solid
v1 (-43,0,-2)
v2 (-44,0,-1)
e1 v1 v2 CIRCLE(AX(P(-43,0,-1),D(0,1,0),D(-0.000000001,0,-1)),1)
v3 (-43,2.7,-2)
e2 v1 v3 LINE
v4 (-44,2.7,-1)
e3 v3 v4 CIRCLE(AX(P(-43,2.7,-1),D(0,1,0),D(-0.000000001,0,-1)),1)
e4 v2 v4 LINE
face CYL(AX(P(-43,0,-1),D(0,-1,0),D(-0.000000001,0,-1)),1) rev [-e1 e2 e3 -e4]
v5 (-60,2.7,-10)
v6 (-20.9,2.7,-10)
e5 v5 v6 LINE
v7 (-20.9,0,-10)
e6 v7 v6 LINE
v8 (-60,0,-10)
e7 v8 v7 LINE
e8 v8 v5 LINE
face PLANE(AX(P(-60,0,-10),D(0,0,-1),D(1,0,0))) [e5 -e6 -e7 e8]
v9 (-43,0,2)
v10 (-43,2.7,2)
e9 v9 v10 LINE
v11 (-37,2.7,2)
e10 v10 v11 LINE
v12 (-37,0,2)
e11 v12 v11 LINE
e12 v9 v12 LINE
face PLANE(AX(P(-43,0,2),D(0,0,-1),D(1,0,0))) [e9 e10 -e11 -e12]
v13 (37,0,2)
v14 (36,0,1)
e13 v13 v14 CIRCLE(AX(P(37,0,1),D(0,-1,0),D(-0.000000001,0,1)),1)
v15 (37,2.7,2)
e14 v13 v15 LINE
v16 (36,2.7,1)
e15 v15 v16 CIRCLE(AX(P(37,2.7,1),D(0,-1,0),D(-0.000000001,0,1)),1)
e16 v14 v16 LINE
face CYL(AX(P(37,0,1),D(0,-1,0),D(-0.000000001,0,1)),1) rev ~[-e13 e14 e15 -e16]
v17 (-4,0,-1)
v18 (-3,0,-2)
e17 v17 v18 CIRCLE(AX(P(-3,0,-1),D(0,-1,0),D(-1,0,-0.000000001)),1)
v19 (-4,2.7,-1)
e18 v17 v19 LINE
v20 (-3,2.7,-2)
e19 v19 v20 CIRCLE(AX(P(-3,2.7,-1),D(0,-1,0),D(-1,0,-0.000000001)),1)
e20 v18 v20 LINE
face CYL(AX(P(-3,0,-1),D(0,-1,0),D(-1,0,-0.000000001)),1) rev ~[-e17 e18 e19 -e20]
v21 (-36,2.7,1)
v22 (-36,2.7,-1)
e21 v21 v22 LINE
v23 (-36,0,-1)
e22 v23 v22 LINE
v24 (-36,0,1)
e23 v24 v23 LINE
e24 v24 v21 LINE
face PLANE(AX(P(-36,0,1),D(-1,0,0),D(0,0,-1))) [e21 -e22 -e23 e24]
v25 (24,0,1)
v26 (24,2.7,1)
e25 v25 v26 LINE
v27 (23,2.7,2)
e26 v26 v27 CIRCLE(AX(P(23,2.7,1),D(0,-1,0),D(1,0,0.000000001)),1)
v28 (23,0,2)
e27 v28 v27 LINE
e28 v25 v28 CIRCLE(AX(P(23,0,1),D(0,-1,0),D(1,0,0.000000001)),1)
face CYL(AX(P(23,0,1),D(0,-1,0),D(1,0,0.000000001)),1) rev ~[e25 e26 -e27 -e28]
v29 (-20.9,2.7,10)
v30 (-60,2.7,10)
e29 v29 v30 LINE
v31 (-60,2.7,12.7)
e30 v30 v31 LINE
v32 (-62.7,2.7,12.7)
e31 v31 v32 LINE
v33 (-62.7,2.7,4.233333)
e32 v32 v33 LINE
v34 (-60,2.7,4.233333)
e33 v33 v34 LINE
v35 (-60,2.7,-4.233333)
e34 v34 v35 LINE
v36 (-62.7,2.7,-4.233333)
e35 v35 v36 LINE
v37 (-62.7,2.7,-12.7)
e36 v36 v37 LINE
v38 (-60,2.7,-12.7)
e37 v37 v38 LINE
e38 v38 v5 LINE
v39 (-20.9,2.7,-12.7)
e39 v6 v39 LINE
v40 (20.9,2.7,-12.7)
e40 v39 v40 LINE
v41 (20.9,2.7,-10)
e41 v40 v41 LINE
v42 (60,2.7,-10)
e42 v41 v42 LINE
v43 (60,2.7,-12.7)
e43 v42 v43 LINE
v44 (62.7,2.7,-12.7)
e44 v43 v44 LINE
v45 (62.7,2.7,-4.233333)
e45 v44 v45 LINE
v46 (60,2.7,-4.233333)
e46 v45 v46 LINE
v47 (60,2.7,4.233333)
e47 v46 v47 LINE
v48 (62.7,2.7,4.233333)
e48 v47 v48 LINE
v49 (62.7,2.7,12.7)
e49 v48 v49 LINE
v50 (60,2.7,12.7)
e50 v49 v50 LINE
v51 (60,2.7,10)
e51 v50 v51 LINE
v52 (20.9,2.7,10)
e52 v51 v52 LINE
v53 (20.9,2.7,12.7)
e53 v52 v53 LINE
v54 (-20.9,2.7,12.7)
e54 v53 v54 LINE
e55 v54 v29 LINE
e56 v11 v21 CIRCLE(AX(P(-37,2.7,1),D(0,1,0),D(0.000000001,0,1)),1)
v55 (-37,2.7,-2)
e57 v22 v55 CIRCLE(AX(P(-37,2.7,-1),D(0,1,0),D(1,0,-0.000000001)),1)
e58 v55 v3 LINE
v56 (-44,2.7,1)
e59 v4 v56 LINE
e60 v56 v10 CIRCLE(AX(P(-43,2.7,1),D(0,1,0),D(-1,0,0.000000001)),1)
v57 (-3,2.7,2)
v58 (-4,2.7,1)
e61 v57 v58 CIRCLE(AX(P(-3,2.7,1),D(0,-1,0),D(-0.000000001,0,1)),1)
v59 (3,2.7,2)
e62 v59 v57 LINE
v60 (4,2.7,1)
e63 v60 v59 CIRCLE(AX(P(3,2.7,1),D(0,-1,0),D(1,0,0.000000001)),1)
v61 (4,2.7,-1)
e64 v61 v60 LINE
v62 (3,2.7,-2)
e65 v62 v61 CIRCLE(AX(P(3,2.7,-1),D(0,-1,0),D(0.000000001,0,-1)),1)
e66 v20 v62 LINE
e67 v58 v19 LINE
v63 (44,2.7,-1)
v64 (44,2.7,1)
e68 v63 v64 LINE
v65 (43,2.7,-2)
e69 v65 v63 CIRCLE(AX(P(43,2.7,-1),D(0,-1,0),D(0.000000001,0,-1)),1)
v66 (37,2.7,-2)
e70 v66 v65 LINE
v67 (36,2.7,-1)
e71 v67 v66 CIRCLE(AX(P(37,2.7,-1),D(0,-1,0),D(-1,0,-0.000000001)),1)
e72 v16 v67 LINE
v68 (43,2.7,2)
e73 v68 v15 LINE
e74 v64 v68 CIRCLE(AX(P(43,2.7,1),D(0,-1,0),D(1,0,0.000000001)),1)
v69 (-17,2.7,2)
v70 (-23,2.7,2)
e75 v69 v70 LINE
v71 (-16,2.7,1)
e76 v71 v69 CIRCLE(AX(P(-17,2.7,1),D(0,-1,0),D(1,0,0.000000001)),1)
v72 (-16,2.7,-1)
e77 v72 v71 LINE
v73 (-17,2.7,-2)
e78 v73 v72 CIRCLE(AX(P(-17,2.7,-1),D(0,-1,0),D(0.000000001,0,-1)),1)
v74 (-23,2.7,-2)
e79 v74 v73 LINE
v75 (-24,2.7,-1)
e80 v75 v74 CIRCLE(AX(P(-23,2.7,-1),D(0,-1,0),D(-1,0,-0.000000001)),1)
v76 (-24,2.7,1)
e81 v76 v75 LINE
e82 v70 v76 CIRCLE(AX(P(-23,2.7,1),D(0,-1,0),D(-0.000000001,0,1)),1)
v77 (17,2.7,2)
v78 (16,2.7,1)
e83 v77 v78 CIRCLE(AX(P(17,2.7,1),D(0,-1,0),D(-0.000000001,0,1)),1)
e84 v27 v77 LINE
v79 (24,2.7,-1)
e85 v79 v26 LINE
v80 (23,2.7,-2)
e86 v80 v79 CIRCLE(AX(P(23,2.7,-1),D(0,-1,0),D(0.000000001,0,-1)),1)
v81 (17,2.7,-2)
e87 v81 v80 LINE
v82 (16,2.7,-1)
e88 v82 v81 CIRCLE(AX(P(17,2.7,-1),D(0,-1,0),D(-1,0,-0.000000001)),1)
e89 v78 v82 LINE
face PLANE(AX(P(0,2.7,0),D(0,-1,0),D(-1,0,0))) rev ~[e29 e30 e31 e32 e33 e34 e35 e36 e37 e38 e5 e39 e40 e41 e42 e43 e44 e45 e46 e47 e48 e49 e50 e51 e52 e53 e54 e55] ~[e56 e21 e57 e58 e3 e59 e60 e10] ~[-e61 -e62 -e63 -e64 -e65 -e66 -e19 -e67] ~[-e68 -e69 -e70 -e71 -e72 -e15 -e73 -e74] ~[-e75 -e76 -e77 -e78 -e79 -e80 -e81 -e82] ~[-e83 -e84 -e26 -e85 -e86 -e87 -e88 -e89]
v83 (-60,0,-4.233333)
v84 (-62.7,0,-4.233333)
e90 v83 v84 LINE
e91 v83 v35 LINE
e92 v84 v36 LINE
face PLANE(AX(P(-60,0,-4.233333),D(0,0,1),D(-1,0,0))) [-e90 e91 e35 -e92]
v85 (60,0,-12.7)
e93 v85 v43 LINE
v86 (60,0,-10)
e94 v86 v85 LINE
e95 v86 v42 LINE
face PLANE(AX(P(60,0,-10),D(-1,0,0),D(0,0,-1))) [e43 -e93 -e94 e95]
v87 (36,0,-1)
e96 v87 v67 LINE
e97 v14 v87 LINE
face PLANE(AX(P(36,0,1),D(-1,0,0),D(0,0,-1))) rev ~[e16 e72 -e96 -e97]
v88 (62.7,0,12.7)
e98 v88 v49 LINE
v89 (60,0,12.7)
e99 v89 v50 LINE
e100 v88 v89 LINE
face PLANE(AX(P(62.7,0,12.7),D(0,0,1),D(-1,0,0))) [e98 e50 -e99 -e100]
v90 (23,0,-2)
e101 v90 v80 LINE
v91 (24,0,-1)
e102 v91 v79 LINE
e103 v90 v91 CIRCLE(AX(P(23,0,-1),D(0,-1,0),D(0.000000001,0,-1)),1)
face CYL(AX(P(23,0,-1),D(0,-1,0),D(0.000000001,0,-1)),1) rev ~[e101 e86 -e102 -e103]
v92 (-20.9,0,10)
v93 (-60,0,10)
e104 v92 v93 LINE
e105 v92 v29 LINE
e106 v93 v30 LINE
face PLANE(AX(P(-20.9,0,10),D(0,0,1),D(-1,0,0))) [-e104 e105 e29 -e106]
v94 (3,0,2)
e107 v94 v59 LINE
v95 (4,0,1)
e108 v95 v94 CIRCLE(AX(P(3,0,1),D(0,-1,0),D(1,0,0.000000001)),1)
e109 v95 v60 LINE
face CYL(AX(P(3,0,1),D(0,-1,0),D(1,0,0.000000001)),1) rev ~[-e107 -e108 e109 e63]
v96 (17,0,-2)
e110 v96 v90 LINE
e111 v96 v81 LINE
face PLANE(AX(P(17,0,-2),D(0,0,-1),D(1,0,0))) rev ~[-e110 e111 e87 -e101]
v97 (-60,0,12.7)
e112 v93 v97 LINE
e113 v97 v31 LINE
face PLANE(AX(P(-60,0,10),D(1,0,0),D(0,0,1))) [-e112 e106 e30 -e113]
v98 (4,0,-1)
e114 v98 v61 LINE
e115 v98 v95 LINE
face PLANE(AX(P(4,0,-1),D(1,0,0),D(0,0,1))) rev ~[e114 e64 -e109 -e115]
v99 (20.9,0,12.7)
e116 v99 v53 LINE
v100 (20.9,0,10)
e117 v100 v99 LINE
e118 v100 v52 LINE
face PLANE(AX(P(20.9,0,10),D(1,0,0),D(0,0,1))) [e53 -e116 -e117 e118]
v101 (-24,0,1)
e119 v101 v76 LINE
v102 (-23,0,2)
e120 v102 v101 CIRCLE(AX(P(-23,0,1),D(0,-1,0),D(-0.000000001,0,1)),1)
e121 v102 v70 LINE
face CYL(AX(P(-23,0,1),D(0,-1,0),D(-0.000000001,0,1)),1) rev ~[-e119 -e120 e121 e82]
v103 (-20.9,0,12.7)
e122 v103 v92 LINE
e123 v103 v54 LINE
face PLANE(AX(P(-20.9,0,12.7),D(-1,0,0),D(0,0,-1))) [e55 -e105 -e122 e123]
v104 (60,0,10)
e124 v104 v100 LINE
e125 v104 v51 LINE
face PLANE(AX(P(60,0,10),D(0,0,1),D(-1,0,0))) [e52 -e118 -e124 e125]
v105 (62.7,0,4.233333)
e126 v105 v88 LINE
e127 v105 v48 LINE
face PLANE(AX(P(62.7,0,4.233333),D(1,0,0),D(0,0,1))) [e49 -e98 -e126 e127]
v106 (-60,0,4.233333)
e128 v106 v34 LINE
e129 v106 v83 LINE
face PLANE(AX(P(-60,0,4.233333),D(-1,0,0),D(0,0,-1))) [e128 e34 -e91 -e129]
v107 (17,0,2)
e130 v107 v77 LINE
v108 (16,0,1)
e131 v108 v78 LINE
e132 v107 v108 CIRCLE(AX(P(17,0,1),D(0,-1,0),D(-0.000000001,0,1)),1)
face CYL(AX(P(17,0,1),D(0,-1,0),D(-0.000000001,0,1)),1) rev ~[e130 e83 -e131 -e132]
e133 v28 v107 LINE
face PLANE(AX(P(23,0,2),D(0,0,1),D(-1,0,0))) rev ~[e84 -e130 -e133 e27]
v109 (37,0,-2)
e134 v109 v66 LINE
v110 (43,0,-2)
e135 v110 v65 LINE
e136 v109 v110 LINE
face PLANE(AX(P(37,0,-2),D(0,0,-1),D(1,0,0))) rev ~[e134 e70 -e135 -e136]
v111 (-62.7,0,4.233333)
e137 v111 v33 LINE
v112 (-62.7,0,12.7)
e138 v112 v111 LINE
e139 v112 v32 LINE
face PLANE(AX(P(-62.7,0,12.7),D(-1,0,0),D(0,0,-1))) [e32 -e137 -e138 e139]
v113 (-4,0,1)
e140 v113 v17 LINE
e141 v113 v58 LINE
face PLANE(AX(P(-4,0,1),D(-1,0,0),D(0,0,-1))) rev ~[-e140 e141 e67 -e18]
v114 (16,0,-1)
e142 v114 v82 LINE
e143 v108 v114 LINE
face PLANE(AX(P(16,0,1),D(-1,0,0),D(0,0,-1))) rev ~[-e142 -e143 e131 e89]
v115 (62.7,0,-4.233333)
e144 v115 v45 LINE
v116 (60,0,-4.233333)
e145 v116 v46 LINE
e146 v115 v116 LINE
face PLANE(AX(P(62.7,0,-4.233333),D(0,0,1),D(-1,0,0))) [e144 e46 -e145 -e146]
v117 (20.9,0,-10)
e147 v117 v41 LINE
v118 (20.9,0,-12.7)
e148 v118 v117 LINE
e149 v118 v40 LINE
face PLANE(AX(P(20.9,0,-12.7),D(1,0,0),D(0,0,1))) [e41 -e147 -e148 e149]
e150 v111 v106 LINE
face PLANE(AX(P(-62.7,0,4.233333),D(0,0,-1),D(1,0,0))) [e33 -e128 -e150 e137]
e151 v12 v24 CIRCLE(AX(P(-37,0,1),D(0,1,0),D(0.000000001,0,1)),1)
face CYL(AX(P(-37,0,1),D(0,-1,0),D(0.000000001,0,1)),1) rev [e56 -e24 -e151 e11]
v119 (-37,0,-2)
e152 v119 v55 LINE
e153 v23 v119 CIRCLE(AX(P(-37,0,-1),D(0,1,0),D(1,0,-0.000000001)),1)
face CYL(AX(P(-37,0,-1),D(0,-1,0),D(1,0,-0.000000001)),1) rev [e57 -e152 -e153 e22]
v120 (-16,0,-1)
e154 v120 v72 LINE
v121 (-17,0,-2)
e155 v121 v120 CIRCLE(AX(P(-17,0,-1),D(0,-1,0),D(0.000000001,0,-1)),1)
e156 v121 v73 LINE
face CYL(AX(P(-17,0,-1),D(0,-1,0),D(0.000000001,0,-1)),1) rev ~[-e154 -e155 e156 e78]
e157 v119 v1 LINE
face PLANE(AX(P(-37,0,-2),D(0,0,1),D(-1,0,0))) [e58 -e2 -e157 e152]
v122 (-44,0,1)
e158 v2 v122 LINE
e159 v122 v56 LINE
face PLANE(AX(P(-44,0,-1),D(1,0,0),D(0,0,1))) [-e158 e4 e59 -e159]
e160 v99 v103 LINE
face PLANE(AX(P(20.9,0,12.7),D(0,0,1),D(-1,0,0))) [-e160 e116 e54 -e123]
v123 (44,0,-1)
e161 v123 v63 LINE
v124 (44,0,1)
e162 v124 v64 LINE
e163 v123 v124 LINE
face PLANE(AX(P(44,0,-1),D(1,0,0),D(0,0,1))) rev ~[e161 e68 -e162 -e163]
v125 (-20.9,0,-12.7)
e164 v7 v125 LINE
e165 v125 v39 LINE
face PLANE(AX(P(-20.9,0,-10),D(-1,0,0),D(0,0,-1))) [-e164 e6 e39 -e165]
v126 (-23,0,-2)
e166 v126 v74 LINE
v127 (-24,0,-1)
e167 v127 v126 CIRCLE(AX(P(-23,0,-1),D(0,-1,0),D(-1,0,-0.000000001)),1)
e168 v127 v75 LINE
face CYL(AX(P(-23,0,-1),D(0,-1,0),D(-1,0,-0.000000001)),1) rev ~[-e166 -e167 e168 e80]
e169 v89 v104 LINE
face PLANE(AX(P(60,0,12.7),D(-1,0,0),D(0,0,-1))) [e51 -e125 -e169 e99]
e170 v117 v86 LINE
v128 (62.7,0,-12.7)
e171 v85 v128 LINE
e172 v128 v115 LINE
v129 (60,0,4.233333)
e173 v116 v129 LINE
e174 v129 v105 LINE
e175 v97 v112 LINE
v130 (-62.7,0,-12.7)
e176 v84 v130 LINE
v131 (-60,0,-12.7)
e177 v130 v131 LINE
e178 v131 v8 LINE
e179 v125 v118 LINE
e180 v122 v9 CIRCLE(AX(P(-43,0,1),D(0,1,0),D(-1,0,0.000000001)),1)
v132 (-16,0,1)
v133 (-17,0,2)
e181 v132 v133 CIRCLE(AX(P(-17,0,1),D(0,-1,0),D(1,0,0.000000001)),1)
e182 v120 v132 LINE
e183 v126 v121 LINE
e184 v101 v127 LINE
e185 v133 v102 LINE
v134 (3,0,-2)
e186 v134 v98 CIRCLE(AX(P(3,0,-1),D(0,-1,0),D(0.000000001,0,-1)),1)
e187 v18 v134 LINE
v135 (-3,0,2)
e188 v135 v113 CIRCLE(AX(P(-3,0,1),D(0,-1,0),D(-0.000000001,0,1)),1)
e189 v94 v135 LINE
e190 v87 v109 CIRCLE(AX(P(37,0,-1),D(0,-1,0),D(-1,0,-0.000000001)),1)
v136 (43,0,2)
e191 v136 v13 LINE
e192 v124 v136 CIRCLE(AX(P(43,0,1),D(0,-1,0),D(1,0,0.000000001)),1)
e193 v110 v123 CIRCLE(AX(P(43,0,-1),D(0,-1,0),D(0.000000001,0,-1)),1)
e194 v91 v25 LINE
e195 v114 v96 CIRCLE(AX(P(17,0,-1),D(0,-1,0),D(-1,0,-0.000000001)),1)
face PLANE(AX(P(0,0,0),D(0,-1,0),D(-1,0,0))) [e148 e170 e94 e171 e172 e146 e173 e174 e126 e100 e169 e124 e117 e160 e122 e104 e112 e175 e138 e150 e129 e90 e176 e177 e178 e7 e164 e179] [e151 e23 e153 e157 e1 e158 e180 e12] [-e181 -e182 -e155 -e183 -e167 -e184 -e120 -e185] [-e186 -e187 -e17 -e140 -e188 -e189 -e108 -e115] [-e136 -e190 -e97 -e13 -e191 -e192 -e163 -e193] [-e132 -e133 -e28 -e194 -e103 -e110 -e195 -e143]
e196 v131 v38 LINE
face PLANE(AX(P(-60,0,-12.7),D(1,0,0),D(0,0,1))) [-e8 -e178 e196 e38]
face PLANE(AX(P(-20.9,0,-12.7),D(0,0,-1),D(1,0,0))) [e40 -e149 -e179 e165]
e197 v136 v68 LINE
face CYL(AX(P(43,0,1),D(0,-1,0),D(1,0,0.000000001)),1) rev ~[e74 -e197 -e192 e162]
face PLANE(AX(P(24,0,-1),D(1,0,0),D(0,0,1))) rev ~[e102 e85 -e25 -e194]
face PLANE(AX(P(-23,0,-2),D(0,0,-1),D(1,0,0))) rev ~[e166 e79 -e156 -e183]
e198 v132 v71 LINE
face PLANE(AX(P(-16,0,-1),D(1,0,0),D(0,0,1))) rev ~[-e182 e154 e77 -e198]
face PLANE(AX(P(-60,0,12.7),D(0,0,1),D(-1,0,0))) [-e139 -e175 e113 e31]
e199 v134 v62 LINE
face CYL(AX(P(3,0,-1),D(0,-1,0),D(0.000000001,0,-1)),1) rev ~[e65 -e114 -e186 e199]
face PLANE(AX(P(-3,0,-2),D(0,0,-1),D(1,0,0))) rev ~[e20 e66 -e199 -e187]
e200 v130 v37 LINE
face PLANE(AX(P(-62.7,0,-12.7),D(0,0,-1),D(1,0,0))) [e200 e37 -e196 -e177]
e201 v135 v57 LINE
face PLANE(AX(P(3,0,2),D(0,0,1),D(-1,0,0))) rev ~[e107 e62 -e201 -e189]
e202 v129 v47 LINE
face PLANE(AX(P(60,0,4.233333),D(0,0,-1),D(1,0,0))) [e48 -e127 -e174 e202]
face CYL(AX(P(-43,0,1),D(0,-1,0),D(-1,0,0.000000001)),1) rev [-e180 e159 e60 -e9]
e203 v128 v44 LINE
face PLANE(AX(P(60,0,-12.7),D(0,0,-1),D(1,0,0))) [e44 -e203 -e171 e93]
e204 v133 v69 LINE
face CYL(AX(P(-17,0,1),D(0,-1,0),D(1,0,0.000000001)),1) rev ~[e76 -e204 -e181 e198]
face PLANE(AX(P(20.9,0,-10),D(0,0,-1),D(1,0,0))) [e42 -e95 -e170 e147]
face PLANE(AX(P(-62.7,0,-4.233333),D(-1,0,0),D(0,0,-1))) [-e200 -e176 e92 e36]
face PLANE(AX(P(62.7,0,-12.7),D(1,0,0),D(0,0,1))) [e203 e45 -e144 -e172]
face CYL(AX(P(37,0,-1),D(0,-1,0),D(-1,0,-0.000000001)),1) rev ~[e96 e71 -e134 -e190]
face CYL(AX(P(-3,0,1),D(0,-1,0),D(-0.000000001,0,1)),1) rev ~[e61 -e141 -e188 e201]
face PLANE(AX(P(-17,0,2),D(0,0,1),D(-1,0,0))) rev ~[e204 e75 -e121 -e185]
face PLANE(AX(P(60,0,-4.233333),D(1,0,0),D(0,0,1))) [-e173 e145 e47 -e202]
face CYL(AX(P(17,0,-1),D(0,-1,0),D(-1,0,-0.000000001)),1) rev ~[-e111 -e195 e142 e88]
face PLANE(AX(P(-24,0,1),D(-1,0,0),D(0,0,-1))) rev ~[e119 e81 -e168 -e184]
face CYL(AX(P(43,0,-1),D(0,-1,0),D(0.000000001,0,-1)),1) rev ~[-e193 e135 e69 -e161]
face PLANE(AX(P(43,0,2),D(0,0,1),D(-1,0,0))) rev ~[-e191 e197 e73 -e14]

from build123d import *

# Parameters (mm, degrees)
BOSS_EXTRUDE1_DEPTH = 2.7


with BuildPart() as part:
    # Sketch1 → Boss-Extrude1 (new body)
    with BuildSketch(Plane(origin=(0, 0, 0), x_dir=(1, 0, 0), z_dir=(0, 1, 0))):
        Polygon((-62.7, 12.7), (-60, 12.7), (-60, 10), (-20.9, 10), (-20.9, 12.7), (20.9, 12.7), (20.9, 10), (60, 10), (60, 12.7), (62.7, 12.7), (62.7, 4.233333333), (60, 4.233333333), (60, -4.233333333), (62.7, -4.233333333), (62.7, -12.7), (60, -12.7), (60, -10), (20.9, -10), (20.9, -12.7), (-20.9, -12.7), (-20.9, -10), (-60, -10), (-60, -12.7), (-62.7, -12.7), (-62.7, -4.233333333), (-60, -4.233333333), (-60, 4.233333333), (-62.7, 4.233333333), align=None)
        with BuildLine():
            Line((-37, 2), (-43, 2))
            ThreePointArc((-43, 2), (-43.707106781, 1.707106781), (-44, 1))
            Line((-44, 1), (-44, -1))
            ThreePointArc((-44, -1), (-43.707106781, -1.707106781), (-43, -2))
            Line((-43, -2), (-37, -2))
            ThreePointArc((-37, -2), (-36.292893219, -1.707106781), (-36, -1))
            Line((-36, -1), (-36, 1))
            ThreePointArc((-36, 1), (-36.292893219, 1.707106781), (-37, 2))
        make_face(mode=Mode.SUBTRACT)
        with BuildLine():
            Line((-23, 2), (-17, 2))
            ThreePointArc((-17, 2), (-16.292893219, 1.707106781), (-16, 1))
            Line((-16, 1), (-16, -1))
            ThreePointArc((-16, -1), (-16.292893219, -1.707106781), (-17, -2))
            Line((-17, -2), (-23, -2))
            ThreePointArc((-23, -2), (-23.707106781, -1.707106781), (-24, -1))
            Line((-24, -1), (-24, 1))
            ThreePointArc((-24, 1), (-23.707106781, 1.707106781), (-23, 2))
        make_face(mode=Mode.SUBTRACT)
        with BuildLine():
            Line((-3, 2), (3, 2))
            ThreePointArc((3, 2), (3.707106781, 1.707106781), (4, 1))
            Line((4, 1), (4, -1))
            ThreePointArc((4, -1), (3.707106781, -1.707106781), (3, -2))
            Line((3, -2), (-3, -2))
            ThreePointArc((-3, -2), (-3.707106781, -1.707106781), (-4, -1))
            Line((-4, -1), (-4, 1))
            ThreePointArc((-4, 1), (-3.707106781, 1.707106781), (-3, 2))
        make_face(mode=Mode.SUBTRACT)
        with BuildLine():
            Line((17, 2), (23, 2))
            ThreePointArc((23, 2), (23.707106781, 1.707106781), (24, 1))
            Line((24, 1), (24, -1))
            ThreePointArc((24, -1), (23.707106781, -1.707106781), (23, -2))
            Line((23, -2), (17, -2))
            ThreePointArc((17, -2), (16.292893219, -1.707106781), (16, -1))
            Line((16, -1), (16, 1))
            ThreePointArc((16, 1), (16.292893219, 1.707106781), (17, 2))
        make_face(mode=Mode.SUBTRACT)
        with BuildLine():
            Line((37, 2), (43, 2))
            ThreePointArc((43, 2), (43.707106781, 1.707106781), (44, 1))
            Line((44, 1), (44, -1))
            ThreePointArc((44, -1), (43.707106781, -1.707106781), (43, -2))
            Line((43, -2), (37, -2))
            ThreePointArc((37, -2), (36.292893219, -1.707106781), (36, -1))
            Line((36, -1), (36, 1))
            ThreePointArc((36, 1), (36.292893219, 1.707106781), (37, 2))
        make_face(mode=Mode.SUBTRACT)
    extrude(amount=BOSS_EXTRUDE1_DEPTH)


solid = part.part
